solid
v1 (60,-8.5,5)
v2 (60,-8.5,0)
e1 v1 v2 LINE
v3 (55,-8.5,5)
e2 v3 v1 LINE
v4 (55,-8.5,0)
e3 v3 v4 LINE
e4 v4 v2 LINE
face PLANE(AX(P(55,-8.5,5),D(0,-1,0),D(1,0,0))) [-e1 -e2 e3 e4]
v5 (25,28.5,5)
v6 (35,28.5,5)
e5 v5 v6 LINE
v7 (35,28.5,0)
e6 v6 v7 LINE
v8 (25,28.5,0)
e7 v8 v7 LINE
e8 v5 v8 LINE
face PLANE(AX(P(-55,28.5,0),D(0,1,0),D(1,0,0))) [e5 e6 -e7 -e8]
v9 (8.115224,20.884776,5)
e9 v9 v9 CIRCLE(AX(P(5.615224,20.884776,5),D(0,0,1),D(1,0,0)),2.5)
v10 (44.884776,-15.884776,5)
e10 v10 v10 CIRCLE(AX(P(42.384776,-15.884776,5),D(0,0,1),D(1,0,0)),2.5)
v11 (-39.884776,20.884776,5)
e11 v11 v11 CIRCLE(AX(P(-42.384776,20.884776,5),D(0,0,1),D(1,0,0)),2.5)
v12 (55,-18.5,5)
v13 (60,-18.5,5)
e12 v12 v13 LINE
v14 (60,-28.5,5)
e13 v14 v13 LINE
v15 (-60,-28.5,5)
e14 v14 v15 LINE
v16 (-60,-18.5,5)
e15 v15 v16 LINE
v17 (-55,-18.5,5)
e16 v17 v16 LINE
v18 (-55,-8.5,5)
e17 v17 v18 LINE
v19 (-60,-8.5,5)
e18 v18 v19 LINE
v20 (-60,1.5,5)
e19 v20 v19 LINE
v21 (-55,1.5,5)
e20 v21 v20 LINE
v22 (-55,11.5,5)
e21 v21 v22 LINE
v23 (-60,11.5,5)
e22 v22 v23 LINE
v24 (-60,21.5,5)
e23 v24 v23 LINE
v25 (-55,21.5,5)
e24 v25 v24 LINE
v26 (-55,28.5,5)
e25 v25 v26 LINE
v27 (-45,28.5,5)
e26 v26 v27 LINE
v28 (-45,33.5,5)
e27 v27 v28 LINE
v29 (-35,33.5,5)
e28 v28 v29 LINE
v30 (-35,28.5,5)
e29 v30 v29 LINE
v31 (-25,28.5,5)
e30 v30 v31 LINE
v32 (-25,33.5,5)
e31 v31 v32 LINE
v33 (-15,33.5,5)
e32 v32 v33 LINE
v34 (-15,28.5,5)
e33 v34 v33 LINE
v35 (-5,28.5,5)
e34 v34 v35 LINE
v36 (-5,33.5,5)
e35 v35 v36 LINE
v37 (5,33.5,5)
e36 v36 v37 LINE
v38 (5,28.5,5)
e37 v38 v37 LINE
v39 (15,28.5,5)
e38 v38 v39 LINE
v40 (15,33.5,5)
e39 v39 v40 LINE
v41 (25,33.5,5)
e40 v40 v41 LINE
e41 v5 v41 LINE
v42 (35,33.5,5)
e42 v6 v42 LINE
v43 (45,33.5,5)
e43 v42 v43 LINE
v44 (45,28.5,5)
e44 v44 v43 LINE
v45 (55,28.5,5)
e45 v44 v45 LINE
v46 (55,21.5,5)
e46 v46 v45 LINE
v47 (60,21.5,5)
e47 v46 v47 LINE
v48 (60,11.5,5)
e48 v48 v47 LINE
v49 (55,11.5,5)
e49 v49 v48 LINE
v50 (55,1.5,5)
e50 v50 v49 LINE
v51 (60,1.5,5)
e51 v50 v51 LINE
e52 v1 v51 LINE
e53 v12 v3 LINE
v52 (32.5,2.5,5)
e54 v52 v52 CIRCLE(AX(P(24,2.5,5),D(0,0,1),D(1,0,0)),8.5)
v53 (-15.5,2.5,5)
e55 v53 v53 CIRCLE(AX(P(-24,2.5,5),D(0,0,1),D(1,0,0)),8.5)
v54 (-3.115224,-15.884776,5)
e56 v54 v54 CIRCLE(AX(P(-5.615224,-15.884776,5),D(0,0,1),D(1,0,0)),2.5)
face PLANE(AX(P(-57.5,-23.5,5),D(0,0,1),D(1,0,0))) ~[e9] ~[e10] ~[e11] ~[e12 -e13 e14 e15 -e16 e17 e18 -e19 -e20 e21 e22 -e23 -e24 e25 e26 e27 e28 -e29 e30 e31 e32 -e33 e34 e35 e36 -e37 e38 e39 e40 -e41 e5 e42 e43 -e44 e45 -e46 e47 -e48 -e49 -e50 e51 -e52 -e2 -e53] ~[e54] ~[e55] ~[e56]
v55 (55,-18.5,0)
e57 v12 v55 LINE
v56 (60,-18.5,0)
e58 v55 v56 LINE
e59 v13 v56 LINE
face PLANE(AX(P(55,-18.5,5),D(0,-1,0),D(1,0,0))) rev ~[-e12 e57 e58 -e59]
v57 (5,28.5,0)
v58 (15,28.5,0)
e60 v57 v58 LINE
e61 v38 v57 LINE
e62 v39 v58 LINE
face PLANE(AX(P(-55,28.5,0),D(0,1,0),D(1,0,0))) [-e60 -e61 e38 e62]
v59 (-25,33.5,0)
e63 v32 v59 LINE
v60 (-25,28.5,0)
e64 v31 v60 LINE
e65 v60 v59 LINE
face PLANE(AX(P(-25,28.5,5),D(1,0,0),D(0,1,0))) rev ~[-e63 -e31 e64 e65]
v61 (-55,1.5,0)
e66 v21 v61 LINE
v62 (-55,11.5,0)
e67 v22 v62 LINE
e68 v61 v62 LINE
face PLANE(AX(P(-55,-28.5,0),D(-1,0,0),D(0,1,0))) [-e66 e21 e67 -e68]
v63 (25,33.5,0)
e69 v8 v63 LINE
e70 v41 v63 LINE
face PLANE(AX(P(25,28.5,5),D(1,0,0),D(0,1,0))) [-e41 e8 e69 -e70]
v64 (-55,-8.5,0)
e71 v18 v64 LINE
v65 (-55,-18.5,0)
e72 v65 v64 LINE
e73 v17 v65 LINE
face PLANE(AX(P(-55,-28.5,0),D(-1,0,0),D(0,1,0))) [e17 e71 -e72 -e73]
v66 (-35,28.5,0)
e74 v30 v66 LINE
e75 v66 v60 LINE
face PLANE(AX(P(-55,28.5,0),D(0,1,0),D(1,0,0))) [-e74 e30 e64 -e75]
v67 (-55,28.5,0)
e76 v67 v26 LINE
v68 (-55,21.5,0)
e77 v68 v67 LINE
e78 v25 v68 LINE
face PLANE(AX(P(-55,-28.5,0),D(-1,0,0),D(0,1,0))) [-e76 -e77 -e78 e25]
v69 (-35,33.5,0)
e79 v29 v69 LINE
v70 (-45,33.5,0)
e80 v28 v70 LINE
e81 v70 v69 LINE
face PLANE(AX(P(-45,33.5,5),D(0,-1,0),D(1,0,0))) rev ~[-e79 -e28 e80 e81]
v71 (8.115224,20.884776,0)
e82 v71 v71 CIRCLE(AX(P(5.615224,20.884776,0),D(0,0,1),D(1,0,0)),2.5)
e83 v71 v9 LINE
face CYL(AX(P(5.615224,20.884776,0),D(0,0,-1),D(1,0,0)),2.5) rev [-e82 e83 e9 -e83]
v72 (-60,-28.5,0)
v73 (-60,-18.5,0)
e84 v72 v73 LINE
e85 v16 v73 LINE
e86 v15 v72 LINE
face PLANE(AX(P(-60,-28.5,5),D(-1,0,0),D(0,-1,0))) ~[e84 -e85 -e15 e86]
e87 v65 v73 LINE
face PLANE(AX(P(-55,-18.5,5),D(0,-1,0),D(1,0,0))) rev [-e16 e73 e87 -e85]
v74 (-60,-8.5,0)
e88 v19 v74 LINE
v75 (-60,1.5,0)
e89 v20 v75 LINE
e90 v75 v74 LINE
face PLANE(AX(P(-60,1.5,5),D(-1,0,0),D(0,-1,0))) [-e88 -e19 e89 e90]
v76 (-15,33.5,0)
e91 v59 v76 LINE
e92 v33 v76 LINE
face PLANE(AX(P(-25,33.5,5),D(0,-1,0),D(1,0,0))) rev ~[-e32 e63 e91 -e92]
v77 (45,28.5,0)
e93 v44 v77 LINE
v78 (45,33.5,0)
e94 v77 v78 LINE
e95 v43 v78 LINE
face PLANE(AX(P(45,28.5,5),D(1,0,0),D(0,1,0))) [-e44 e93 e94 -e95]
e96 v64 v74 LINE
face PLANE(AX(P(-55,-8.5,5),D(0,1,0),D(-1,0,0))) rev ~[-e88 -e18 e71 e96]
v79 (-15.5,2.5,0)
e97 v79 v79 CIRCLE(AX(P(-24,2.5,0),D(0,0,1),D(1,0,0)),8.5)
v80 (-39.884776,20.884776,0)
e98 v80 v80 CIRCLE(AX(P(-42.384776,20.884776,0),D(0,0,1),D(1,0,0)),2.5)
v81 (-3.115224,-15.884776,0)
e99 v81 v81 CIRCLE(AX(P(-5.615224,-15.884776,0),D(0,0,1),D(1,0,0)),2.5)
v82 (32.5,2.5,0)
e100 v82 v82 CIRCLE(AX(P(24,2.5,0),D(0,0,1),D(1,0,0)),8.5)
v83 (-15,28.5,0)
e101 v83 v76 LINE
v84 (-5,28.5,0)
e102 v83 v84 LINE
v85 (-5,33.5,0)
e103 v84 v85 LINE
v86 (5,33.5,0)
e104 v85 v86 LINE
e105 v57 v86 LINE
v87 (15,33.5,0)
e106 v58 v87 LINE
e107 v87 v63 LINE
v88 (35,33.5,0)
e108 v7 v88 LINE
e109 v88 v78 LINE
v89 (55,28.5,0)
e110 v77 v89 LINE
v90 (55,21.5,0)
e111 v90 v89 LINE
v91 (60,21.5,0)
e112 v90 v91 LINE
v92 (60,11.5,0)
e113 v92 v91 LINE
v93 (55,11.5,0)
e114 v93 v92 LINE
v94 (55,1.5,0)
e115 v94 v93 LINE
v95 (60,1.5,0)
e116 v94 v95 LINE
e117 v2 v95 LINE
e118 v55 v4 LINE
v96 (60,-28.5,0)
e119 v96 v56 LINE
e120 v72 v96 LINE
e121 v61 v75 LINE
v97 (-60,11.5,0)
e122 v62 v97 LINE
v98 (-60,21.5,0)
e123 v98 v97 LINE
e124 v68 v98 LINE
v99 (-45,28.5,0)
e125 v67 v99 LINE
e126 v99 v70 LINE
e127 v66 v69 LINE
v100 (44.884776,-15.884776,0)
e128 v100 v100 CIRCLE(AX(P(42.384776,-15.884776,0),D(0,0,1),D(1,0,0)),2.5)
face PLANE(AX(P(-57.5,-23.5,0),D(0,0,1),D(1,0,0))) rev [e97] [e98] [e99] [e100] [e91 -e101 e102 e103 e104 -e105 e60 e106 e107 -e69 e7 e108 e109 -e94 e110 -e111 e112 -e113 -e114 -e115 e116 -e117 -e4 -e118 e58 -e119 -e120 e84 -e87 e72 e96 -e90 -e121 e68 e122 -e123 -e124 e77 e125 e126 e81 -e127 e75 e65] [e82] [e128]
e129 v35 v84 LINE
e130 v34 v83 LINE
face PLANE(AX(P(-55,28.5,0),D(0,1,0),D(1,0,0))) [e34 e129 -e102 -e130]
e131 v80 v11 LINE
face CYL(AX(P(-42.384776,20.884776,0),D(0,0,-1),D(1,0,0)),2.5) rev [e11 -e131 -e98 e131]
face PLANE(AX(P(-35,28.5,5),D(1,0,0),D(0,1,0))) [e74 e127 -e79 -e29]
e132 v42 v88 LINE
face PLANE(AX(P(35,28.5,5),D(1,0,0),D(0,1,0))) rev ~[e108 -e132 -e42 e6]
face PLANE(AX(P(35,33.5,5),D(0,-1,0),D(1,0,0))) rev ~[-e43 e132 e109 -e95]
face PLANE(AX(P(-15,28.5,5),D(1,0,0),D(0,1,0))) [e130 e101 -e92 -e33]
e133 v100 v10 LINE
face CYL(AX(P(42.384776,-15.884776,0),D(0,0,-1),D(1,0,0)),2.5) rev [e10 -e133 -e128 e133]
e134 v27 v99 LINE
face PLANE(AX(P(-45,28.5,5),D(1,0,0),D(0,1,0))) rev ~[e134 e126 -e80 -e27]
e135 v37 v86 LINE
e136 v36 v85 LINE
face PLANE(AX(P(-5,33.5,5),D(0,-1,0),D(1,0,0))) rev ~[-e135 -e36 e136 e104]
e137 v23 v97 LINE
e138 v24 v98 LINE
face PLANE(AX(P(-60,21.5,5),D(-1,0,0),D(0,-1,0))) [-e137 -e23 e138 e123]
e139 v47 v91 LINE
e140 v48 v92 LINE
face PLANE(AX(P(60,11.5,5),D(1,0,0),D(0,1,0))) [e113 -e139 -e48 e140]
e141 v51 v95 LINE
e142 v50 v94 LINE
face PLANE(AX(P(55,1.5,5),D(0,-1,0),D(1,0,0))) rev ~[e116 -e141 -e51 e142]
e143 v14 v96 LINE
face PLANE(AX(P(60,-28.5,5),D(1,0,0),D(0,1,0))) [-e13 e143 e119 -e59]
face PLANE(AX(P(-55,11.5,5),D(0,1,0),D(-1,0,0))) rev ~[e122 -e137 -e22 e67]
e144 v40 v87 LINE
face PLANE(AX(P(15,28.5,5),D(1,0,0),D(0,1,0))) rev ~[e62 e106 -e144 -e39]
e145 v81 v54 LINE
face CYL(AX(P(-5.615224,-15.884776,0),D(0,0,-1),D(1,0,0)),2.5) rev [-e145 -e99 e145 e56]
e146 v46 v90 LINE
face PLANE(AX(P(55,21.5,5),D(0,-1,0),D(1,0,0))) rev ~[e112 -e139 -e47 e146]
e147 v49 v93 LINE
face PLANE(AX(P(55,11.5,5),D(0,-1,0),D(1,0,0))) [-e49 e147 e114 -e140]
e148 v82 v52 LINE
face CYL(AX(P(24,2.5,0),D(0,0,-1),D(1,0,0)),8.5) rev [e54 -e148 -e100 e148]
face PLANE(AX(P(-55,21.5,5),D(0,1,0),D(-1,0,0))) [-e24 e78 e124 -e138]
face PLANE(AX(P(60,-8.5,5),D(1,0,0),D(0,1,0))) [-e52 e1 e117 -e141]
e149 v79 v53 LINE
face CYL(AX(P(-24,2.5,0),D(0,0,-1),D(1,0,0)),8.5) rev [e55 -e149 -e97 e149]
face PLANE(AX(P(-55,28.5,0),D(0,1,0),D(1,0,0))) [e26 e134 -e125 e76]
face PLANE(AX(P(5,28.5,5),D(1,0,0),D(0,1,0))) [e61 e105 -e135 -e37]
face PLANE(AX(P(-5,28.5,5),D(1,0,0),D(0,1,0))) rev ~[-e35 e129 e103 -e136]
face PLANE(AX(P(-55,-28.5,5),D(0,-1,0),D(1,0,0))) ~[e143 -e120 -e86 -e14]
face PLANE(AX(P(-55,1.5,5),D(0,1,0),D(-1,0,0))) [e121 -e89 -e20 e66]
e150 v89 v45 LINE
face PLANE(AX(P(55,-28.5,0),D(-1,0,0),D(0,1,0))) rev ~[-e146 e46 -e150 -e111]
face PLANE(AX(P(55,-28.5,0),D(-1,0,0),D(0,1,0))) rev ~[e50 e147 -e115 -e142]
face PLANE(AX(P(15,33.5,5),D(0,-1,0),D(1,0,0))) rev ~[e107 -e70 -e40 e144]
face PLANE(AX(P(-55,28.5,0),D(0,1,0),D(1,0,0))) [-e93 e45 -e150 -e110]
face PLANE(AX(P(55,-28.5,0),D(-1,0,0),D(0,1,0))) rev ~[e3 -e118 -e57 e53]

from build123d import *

# Parameters (mm, degrees)
SKETCH_1_W               = 110
SKETCH_1_H               = 57
SKETCH_1_R               = 8.5
SKETCH_1_R_2             = 2.5
EXTRUDE_1_DEPTH          = 5
SKETCH_2_W               = 5
SKETCH_2_H               = 10
EXTRUDE_2_DEPTH          = 5
PATTERN_LINEAR_1_COUNT   = 3
PATTERN_LINEAR_1_PITCH   = 20
MIRROR_1_COPY_1_SKETCH_W = 5
MIRROR_1_COPY_1_SKETCH_H = 10
MIRROR_1_COPY_1_DEPTH    = 5
MIRROR_1_COPY_2_SKETCH_W = 5
MIRROR_1_COPY_2_SKETCH_H = 10
MIRROR_1_COPY_2_DEPTH    = 5
SKETCH_3_W               = 10
SKETCH_3_H               = 5
EXTRUDE_3_DEPTH          = 5
PATTERN_LINEAR_2_COUNT   = 3
PATTERN_LINEAR_2_PITCH   = 20
PATTERN_LINEAR_3_COUNT   = 3
PATTERN_LINEAR_3_PITCH   = 20


with BuildPart() as part:
    # 스케치1 → 보스-돌출1 (new body)
    with BuildSketch(Plane.XY):
        Rectangle(SKETCH_1_W, SKETCH_1_H)
        with Locations((24, 2.5)):
            Circle(SKETCH_1_R, mode=Mode.SUBTRACT)
        with Locations((-24, 2.5)):
            Circle(SKETCH_1_R, mode=Mode.SUBTRACT)
        with Locations((-42.384776311, 20.884776311)):
            Circle(SKETCH_1_R_2, mode=Mode.SUBTRACT)
        with Locations((-5.615223689, -15.884776311)):
            Circle(SKETCH_1_R_2, mode=Mode.SUBTRACT)
        with Locations((5.615223689, 20.884776311)):
            Circle(SKETCH_1_R_2, mode=Mode.SUBTRACT)
        with Locations((42.384776311, -15.884776311)):
            Circle(SKETCH_1_R_2, mode=Mode.SUBTRACT)
    extrude(amount=EXTRUDE_1_DEPTH)

    # 스케치2 → 보스-돌출2 (add)
    with BuildSketch(Plane.XY.offset(5)):
        with Locations((57.5, -23.5)):
            Rectangle(SKETCH_2_W, SKETCH_2_H)
    extrude_2 = extrude(amount=-EXTRUDE_2_DEPTH)

    # 선형 패턴1: 보스-돌출2 ×3
    with Locations(*[(0, i * PATTERN_LINEAR_1_PITCH, 0) for i in range(1, PATTERN_LINEAR_1_COUNT)]):
        add(extrude_2)

    # 대칭 복사1: 보스-돌출2 across plane
    add(extrude_2.mirror(Plane(origin=(0, 0, 0), x_dir=(0, 0, 1), z_dir=(1, 0, 0))))

    # 대칭 복사1 copy 1 sketch → 대칭 복사1 copy 1 (add)
    with BuildSketch(Plane(origin=(0, 20, 5), x_dir=(-1, 0, 0), z_dir=(0, 0, 1))):
        with Locations((57.5, 23.5)):
            Rectangle(MIRROR_1_COPY_1_SKETCH_W, MIRROR_1_COPY_1_SKETCH_H)
    extrude(amount=-MIRROR_1_COPY_1_DEPTH)

    # 대칭 복사1 copy 2 sketch → 대칭 복사1 copy 2 (add)
    with BuildSketch(Plane(origin=(0, 40, 5), x_dir=(-1, 0, 0), z_dir=(0, 0, 1))):
        with Locations((57.5, 23.5)):
            Rectangle(MIRROR_1_COPY_2_SKETCH_W, MIRROR_1_COPY_2_SKETCH_H)
    extrude(amount=-MIRROR_1_COPY_2_DEPTH)

    # 스케치3 → 보스-돌출3 (add)
    with BuildSketch(Plane.XY.offset(5)):
        with Locations((0, 31)):
            Rectangle(SKETCH_3_W, SKETCH_3_H)
    extrude_3 = extrude(amount=-EXTRUDE_3_DEPTH)

    # 선형 패턴2: 보스-돌출3 ×3
    with Locations(*[(i * PATTERN_LINEAR_2_PITCH, 0, 0) for i in range(1, PATTERN_LINEAR_2_COUNT)]):
        add(extrude_3)

    # 선형 패턴3: 보스-돌출3 ×3
    with Locations(*[(-i * PATTERN_LINEAR_3_PITCH, 0, 0) for i in range(1, PATTERN_LINEAR_3_COUNT)]):
        add(extrude_3)


solid = part.part
